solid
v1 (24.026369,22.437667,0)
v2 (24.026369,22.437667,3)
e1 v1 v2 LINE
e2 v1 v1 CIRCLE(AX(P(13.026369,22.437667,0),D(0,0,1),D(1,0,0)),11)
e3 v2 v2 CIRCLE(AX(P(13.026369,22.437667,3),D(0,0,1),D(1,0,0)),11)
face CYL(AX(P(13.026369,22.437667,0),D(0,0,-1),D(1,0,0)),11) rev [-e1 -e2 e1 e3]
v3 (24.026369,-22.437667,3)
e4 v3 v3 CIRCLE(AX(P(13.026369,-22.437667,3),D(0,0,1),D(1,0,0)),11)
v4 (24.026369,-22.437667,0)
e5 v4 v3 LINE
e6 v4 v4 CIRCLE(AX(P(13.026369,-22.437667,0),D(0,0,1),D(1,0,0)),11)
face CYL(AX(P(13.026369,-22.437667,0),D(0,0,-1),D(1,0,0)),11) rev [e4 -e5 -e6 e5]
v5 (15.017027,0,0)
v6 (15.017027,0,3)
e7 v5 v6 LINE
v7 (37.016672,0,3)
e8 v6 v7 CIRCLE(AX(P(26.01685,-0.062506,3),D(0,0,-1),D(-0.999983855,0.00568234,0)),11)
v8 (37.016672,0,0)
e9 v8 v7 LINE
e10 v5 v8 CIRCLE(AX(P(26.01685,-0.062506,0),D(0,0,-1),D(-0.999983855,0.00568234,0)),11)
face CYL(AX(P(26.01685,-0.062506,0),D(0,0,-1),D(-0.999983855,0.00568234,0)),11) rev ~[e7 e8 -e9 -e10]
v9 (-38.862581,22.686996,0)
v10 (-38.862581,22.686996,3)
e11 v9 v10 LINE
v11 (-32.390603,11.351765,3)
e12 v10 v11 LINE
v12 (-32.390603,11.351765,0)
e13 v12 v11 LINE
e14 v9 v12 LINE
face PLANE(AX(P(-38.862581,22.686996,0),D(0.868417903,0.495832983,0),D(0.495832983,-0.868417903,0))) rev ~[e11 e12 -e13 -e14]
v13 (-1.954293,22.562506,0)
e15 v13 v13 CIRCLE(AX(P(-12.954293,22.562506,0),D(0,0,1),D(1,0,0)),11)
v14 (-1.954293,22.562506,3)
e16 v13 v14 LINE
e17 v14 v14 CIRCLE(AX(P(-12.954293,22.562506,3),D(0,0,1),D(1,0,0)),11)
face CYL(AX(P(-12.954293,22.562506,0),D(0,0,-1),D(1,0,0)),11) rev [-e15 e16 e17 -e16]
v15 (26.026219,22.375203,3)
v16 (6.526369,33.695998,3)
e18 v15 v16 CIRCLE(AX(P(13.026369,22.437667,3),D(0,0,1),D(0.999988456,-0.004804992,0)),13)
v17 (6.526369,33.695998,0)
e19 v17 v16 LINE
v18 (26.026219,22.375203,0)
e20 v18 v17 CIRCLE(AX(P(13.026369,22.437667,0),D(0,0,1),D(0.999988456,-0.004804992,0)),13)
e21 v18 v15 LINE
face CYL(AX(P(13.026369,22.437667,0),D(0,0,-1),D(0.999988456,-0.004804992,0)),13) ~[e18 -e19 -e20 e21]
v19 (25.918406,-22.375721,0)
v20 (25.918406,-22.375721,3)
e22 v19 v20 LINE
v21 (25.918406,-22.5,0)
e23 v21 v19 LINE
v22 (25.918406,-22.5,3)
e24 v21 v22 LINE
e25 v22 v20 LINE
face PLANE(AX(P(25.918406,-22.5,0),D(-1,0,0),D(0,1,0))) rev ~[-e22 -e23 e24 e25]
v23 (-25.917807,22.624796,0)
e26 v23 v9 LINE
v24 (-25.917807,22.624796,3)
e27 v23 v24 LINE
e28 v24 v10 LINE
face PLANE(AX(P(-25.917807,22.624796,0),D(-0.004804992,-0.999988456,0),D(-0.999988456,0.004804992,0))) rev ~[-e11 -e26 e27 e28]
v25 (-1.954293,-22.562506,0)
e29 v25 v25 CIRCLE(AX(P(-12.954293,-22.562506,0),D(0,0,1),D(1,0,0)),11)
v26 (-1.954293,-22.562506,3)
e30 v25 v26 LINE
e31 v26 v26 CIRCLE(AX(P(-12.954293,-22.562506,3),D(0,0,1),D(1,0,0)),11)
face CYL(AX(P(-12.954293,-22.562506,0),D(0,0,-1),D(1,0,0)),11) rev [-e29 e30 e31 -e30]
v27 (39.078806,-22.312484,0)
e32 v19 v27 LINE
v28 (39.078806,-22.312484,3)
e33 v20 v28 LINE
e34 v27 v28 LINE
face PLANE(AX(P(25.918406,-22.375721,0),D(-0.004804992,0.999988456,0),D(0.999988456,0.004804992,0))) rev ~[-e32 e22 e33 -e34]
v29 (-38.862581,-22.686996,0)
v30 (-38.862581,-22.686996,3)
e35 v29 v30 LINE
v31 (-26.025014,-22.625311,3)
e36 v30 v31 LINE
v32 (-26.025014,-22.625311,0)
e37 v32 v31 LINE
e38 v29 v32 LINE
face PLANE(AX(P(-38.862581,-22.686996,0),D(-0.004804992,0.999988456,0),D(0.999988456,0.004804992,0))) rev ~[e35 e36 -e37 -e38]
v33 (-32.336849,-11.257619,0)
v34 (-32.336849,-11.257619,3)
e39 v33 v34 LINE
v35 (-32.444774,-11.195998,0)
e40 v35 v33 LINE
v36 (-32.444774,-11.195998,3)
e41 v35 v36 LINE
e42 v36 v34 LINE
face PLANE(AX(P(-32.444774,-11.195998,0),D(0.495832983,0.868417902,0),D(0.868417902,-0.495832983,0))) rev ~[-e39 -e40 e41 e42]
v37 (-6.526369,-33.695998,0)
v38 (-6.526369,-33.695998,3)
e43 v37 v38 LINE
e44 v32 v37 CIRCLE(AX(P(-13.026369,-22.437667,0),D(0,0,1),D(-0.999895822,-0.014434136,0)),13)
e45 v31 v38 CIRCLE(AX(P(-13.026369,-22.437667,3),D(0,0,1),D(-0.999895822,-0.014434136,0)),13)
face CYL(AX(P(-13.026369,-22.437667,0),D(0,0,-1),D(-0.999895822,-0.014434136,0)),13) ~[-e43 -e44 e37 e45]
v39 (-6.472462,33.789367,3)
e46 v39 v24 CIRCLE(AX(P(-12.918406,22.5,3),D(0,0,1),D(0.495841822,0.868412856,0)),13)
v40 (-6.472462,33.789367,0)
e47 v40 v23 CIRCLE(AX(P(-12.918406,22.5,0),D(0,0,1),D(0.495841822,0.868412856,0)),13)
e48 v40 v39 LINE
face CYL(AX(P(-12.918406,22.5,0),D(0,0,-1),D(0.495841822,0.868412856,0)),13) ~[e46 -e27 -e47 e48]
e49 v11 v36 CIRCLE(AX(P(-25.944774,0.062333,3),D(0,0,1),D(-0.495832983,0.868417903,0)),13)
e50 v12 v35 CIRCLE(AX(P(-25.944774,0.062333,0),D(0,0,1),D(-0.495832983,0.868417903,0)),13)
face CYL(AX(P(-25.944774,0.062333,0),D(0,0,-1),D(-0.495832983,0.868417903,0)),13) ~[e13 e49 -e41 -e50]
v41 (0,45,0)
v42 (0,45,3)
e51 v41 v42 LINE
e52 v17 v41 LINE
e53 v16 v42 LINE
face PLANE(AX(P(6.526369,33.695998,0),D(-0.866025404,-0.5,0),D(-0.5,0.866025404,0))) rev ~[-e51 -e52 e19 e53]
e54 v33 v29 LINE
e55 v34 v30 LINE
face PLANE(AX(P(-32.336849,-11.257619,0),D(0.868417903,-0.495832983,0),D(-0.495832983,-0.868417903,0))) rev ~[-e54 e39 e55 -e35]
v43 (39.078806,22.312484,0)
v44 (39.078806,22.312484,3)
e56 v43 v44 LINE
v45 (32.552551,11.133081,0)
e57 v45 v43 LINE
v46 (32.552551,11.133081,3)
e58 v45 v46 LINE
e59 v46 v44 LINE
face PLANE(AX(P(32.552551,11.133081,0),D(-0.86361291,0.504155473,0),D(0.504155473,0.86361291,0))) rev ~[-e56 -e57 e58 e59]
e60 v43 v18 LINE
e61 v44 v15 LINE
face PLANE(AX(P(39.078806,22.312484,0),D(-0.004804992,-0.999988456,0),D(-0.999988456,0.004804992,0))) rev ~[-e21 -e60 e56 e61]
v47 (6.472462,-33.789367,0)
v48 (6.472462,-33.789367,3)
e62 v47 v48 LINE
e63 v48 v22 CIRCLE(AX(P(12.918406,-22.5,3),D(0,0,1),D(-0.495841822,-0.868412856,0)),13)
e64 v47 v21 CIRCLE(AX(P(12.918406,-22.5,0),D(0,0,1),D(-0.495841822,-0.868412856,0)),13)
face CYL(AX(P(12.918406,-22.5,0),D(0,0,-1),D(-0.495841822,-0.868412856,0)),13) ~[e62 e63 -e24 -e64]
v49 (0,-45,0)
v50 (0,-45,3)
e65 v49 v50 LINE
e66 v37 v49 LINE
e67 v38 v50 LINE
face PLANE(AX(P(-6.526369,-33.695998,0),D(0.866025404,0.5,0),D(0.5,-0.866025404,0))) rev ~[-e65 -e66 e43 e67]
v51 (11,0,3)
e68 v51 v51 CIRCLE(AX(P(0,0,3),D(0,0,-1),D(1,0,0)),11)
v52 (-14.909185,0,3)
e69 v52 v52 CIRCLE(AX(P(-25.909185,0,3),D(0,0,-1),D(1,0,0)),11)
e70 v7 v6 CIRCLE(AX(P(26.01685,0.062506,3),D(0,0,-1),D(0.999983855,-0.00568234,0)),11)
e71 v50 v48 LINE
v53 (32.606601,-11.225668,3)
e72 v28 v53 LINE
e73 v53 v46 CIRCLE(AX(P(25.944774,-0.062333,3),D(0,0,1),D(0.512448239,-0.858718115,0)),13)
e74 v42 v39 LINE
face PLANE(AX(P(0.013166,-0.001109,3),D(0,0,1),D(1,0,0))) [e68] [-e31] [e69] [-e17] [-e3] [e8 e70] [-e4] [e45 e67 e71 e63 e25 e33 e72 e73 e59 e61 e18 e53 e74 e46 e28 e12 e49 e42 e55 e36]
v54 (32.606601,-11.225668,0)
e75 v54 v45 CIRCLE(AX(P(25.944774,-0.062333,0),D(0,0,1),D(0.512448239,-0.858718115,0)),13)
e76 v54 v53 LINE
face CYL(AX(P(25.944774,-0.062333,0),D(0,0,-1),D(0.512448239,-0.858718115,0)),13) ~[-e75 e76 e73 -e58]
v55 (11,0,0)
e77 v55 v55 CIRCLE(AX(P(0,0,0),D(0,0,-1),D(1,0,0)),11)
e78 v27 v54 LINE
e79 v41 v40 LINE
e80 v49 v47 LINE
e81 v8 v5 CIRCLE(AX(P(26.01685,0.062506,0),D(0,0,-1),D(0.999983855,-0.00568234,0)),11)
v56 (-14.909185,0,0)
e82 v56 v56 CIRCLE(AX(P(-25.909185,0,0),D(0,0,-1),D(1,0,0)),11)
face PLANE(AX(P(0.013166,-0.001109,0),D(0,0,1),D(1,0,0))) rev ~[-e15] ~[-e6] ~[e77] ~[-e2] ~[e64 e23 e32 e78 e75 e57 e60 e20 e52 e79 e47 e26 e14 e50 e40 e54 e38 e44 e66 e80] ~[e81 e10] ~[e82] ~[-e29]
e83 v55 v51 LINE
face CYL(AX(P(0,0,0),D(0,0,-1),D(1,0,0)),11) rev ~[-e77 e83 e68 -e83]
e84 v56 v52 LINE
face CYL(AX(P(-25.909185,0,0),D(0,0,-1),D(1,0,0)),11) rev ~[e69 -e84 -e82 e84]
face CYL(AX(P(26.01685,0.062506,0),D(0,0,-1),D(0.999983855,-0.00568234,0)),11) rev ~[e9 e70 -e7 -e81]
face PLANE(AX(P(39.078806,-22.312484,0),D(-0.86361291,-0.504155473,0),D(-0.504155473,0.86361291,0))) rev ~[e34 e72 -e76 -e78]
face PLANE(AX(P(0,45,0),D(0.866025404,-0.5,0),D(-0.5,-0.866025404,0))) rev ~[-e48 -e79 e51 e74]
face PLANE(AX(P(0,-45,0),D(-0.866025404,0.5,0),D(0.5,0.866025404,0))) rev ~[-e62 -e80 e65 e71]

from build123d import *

# Parameters (mm, degrees)
F0_R     = 11
F1_DEPTH = 3


with BuildPart() as f1:
    # F0 (on Top) → F1 (new body)
    with BuildSketch(Plane.XY):
        with BuildLine():
            Line((6.5263687893, 33.695997668), (0, 45.0000000001))
            Line((0, 45.0000000001), (-6.4724619093, 33.7893671232))
            ThreePointArc((-6.4724619093, 33.7893671232), (-19.3913386593, 33.7739140277), (-25.9178065759, 22.6247960441))
            Line((-25.9178065759, 22.6247960441), (-38.8625809576, 22.6869963042))
            Line((-38.8625809576, 22.6869963042), (-32.390603154, 11.351765314))
            ThreePointArc((-32.390603154, 11.351765314), (-38.9447368629, 0.0935651216), (-32.4447743811, -11.195997668))
            Line((-32.4447743811, -11.195997668), (-32.3368491411, -11.2576187994))
            Line((-32.3368491411, -11.2576187994), (-38.8625809576, -22.6869963042))
            Line((-38.8625809576, -22.6869963042), (-26.025014481, -22.6253111832))
            ThreePointArc((-26.025014481, -22.6253111832), (-19.444945249, -33.7426166108), (-6.5263687894, -33.6959976681))
            Line((-6.5263687894, -33.6959976681), (0, -45.0000000001))
            Line((0, -45.0000000001), (6.4724619092, -33.7893671233))
            ThreePointArc((6.4724619092, -33.7893671233), (19.445377789, -33.742714705), (25.9184055917, -22.5000000001))
            Line((25.9184055917, -22.5000000001), (25.9184055917, -22.3757205654))
            Line((25.9184055917, -22.3757205654), (39.0788056139, -22.3124842138))
            Line((39.0788056139, -22.3124842138), (32.6066014938, -11.2256680828))
            ThreePointArc((32.6066014938, -11.2256680828), (38.9447363963, -0.0309064519), (32.5525514177, 11.133080883))
            Line((32.5525514177, 11.133080883), (39.0788056139, 22.3124842138))
            Line((39.0788056139, 22.3124842138), (26.0262187168, 22.3752025182))
            ThreePointArc((26.0262187168, 22.3752025182), (19.5533982037, 33.6803489061), (6.5263687893, 33.695997668))
        make_face()
        with Locations((-12.9542933494, -22.562505743)):
            Circle(F0_R, mode=Mode.SUBTRACT)
        with Locations((13.0263687893, -22.4376674188)):
            Circle(F0_R, mode=Mode.SUBTRACT)
        with BuildLine():
            ThreePointArc((-36.9091848919, 0), (-25.9091848919, 11), (-14.9091848919, 0))
            ThreePointArc((-14.9091848919, 0), (-25.9091848919, -11), (-36.9091848919, 0))
        make_face(mode=Mode.SUBTRACT)
        with BuildLine():
            ThreePointArc((-11, 0), (0, 11), (11, 0))
            ThreePointArc((11, 0), (0, -11), (-11, 0))
        make_face(mode=Mode.SUBTRACT)
        with Locations((-12.9542933494, 22.562505743)):
            Circle(F0_R, mode=Mode.SUBTRACT)
        with Locations((13.0263687893, 22.4376674188)):
            Circle(F0_R, mode=Mode.SUBTRACT)
        with BuildLine():
            ThreePointArc((15.017027412, 0), (26.0168498212, 10.9374942569), (37.0166722303, 0))
            ThreePointArc((37.0166722303, 0), (26.0168498212, -10.9374942569), (15.017027412, 0))
        make_face(mode=Mode.SUBTRACT)
    extrude(amount=F1_DEPTH)


solid = f1.part
